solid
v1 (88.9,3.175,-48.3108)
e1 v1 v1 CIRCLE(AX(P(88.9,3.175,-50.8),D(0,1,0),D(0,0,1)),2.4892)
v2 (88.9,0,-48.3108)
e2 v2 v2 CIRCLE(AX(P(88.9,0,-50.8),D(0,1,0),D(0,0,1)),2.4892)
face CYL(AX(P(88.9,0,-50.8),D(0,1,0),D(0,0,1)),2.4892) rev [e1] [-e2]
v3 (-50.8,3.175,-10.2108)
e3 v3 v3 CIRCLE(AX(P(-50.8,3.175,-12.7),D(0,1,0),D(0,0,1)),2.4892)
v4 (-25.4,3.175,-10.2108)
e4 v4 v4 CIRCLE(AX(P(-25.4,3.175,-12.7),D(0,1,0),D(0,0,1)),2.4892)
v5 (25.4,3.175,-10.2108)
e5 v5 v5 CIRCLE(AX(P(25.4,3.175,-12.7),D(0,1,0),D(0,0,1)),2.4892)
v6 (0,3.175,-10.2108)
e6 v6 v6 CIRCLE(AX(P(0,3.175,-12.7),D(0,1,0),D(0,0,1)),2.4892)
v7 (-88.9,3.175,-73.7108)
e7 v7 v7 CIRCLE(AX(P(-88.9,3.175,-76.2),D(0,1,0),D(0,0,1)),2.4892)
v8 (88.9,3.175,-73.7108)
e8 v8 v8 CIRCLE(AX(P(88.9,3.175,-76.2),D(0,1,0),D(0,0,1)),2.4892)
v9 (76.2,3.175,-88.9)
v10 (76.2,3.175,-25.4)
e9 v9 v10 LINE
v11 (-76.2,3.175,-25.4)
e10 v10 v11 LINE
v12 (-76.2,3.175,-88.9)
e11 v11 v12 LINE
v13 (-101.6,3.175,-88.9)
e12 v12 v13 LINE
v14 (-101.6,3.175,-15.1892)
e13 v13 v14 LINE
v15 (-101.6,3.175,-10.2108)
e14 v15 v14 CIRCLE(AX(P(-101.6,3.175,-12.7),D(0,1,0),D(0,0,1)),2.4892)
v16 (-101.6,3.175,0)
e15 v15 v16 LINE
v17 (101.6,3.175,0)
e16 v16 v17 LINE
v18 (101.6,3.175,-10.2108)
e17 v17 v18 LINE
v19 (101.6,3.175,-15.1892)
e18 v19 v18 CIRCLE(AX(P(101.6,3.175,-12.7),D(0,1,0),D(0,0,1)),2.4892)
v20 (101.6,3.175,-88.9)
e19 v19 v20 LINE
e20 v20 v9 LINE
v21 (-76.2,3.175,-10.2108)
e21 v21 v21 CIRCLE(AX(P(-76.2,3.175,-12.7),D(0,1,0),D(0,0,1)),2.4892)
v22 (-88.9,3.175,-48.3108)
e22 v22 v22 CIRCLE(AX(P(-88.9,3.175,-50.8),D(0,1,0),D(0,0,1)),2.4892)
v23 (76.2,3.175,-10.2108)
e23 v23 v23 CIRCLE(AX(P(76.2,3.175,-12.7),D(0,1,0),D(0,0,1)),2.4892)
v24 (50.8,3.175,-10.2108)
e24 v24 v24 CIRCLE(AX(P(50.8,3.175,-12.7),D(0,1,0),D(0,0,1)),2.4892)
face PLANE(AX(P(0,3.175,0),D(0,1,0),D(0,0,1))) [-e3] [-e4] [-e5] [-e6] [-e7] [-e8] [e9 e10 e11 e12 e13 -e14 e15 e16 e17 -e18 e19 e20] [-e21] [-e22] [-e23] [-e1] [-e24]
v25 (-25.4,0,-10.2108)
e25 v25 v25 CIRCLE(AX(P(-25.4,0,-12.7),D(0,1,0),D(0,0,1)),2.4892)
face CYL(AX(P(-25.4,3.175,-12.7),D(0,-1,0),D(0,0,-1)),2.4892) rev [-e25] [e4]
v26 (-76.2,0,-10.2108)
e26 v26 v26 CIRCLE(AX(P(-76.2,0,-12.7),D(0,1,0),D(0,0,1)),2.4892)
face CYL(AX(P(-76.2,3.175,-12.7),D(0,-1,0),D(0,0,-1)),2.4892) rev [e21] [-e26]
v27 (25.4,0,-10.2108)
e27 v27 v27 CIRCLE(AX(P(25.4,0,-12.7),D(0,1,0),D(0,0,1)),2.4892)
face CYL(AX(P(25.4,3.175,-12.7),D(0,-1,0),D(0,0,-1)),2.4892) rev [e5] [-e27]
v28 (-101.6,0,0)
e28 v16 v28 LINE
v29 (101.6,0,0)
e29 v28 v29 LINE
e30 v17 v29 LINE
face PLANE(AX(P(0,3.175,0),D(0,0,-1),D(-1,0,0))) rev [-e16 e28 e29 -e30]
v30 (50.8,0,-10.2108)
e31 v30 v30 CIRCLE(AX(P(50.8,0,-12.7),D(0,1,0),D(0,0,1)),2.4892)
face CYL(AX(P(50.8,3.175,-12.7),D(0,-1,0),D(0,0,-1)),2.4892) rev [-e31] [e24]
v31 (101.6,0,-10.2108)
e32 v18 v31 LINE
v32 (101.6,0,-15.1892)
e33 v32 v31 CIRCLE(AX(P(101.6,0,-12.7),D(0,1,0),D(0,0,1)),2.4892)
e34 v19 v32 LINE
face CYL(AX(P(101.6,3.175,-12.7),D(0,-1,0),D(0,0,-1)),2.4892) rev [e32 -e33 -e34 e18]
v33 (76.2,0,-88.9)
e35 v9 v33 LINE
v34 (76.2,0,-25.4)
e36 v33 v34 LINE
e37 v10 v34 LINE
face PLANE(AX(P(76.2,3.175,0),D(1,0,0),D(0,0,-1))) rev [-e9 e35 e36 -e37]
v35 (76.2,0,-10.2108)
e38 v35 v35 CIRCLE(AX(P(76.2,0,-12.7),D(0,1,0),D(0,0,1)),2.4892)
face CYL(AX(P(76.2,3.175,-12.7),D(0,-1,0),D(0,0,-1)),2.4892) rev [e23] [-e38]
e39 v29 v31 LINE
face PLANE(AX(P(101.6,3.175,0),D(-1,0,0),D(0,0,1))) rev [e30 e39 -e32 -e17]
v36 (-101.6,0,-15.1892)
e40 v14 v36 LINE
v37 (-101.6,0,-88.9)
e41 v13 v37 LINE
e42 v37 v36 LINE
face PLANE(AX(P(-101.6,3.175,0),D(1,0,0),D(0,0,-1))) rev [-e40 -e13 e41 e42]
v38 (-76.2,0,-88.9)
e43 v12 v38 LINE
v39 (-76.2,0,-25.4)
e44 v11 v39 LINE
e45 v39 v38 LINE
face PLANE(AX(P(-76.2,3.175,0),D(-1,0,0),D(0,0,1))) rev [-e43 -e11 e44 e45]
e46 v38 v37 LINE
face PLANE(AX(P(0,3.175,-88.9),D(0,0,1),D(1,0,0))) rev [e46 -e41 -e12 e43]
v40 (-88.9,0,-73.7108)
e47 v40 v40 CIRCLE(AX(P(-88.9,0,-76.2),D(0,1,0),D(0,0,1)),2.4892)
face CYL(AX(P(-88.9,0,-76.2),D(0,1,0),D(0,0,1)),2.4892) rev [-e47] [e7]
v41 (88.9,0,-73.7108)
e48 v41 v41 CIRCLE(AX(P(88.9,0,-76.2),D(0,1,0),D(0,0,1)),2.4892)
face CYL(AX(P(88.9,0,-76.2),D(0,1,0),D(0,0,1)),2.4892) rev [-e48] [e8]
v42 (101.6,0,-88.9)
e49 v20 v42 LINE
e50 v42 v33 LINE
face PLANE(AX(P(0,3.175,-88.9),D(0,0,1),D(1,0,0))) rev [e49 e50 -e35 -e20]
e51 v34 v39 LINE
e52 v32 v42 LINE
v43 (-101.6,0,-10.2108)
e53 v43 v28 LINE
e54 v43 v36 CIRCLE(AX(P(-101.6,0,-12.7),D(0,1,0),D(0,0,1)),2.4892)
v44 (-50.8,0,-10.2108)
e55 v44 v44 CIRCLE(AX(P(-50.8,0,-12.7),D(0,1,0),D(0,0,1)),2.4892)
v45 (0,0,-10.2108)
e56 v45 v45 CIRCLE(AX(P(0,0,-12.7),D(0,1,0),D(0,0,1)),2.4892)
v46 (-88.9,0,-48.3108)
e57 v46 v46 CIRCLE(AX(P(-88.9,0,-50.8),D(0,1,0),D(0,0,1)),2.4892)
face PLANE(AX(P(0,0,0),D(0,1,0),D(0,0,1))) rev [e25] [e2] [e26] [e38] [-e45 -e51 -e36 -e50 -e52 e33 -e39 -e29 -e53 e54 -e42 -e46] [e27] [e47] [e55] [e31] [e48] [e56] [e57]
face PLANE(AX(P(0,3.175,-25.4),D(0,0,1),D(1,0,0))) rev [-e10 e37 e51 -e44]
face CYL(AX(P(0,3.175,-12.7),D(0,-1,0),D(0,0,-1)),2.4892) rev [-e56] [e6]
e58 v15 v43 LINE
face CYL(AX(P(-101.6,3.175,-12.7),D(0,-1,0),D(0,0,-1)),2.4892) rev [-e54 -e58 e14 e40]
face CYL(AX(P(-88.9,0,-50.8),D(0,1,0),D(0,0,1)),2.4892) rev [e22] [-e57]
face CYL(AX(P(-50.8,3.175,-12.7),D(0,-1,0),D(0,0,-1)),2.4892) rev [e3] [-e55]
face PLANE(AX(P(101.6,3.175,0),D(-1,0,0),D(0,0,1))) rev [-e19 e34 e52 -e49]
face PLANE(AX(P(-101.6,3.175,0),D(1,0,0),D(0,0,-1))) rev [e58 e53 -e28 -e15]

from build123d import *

# Parameters (mm, degrees)
SKETCH1_R           = 2.4892
BOSS_EXTRUDE1_DEPTH = 3.175
SKETCH2_R           = 2.4892
CUT_EXTRUDE1_DEPTH  = 4.175


with BuildPart() as part:
    # Sketch1 → Boss-Extrude1 (new body)
    with BuildSketch(Plane(origin=(0, 0, 0), x_dir=(1, 0, 0), z_dir=(0, 1, 0))):
        with BuildLine():
            Line((-101.6, 10.2108), (-101.6, 0))
            Line((-101.6, 0), (101.6, 0))
            Line((101.6, 0), (101.6, 10.2108))
            ThreePointArc((101.6, 10.2108), (99.1108, 12.7), (101.6, 15.1892))
            Line((101.6, 15.1892), (101.6, 88.9))
            Line((101.6, 88.9), (76.2, 88.9))
            Line((76.2, 88.9), (76.2, 25.4))
            Line((76.2, 25.4), (-76.2, 25.4))
            Line((-76.2, 25.4), (-76.2, 88.9))
            Line((-76.2, 88.9), (-101.6, 88.9))
            Line((-101.6, 88.9), (-101.6, 15.1892))
            ThreePointArc((-101.6, 15.1892), (-99.8398698, 14.4601302), (-99.1108, 12.7))
            ThreePointArc((-99.1108, 12.7), (-99.8398698, 10.9398698), (-101.6, 10.2108))
        make_face()
        with Locations((-76.2, 12.7)):
            Circle(SKETCH1_R, mode=Mode.SUBTRACT)
        with Locations((-50.8, 12.7)):
            Circle(SKETCH1_R, mode=Mode.SUBTRACT)
        with Locations((-25.4, 12.7)):
            Circle(SKETCH1_R, mode=Mode.SUBTRACT)
        with Locations((0, 12.7)):
            Circle(SKETCH1_R, mode=Mode.SUBTRACT)
        with Locations((25.4, 12.7)):
            Circle(SKETCH1_R, mode=Mode.SUBTRACT)
        with Locations((50.8, 12.7)):
            Circle(SKETCH1_R, mode=Mode.SUBTRACT)
        with Locations((76.2, 12.7)):
            Circle(SKETCH1_R, mode=Mode.SUBTRACT)
    extrude(amount=BOSS_EXTRUDE1_DEPTH)

    # Sketch2 → Cut-Extrude1 (cut, through all)
    with BuildSketch(Plane(origin=(0, 3.175, 0), x_dir=(1, 0, 0), z_dir=(0, 1, 0))):
        with Locations((-88.9, 50.8)):
            Circle(SKETCH2_R)
        with Locations((-88.9, 76.2)):
            Circle(SKETCH2_R)
        with Locations((88.9, 76.2)):
            Circle(SKETCH2_R)
        with Locations((88.9, 50.8)):
            Circle(SKETCH2_R)
    extrude(amount=-CUT_EXTRUDE1_DEPTH, mode=Mode.SUBTRACT)


solid = part.part
